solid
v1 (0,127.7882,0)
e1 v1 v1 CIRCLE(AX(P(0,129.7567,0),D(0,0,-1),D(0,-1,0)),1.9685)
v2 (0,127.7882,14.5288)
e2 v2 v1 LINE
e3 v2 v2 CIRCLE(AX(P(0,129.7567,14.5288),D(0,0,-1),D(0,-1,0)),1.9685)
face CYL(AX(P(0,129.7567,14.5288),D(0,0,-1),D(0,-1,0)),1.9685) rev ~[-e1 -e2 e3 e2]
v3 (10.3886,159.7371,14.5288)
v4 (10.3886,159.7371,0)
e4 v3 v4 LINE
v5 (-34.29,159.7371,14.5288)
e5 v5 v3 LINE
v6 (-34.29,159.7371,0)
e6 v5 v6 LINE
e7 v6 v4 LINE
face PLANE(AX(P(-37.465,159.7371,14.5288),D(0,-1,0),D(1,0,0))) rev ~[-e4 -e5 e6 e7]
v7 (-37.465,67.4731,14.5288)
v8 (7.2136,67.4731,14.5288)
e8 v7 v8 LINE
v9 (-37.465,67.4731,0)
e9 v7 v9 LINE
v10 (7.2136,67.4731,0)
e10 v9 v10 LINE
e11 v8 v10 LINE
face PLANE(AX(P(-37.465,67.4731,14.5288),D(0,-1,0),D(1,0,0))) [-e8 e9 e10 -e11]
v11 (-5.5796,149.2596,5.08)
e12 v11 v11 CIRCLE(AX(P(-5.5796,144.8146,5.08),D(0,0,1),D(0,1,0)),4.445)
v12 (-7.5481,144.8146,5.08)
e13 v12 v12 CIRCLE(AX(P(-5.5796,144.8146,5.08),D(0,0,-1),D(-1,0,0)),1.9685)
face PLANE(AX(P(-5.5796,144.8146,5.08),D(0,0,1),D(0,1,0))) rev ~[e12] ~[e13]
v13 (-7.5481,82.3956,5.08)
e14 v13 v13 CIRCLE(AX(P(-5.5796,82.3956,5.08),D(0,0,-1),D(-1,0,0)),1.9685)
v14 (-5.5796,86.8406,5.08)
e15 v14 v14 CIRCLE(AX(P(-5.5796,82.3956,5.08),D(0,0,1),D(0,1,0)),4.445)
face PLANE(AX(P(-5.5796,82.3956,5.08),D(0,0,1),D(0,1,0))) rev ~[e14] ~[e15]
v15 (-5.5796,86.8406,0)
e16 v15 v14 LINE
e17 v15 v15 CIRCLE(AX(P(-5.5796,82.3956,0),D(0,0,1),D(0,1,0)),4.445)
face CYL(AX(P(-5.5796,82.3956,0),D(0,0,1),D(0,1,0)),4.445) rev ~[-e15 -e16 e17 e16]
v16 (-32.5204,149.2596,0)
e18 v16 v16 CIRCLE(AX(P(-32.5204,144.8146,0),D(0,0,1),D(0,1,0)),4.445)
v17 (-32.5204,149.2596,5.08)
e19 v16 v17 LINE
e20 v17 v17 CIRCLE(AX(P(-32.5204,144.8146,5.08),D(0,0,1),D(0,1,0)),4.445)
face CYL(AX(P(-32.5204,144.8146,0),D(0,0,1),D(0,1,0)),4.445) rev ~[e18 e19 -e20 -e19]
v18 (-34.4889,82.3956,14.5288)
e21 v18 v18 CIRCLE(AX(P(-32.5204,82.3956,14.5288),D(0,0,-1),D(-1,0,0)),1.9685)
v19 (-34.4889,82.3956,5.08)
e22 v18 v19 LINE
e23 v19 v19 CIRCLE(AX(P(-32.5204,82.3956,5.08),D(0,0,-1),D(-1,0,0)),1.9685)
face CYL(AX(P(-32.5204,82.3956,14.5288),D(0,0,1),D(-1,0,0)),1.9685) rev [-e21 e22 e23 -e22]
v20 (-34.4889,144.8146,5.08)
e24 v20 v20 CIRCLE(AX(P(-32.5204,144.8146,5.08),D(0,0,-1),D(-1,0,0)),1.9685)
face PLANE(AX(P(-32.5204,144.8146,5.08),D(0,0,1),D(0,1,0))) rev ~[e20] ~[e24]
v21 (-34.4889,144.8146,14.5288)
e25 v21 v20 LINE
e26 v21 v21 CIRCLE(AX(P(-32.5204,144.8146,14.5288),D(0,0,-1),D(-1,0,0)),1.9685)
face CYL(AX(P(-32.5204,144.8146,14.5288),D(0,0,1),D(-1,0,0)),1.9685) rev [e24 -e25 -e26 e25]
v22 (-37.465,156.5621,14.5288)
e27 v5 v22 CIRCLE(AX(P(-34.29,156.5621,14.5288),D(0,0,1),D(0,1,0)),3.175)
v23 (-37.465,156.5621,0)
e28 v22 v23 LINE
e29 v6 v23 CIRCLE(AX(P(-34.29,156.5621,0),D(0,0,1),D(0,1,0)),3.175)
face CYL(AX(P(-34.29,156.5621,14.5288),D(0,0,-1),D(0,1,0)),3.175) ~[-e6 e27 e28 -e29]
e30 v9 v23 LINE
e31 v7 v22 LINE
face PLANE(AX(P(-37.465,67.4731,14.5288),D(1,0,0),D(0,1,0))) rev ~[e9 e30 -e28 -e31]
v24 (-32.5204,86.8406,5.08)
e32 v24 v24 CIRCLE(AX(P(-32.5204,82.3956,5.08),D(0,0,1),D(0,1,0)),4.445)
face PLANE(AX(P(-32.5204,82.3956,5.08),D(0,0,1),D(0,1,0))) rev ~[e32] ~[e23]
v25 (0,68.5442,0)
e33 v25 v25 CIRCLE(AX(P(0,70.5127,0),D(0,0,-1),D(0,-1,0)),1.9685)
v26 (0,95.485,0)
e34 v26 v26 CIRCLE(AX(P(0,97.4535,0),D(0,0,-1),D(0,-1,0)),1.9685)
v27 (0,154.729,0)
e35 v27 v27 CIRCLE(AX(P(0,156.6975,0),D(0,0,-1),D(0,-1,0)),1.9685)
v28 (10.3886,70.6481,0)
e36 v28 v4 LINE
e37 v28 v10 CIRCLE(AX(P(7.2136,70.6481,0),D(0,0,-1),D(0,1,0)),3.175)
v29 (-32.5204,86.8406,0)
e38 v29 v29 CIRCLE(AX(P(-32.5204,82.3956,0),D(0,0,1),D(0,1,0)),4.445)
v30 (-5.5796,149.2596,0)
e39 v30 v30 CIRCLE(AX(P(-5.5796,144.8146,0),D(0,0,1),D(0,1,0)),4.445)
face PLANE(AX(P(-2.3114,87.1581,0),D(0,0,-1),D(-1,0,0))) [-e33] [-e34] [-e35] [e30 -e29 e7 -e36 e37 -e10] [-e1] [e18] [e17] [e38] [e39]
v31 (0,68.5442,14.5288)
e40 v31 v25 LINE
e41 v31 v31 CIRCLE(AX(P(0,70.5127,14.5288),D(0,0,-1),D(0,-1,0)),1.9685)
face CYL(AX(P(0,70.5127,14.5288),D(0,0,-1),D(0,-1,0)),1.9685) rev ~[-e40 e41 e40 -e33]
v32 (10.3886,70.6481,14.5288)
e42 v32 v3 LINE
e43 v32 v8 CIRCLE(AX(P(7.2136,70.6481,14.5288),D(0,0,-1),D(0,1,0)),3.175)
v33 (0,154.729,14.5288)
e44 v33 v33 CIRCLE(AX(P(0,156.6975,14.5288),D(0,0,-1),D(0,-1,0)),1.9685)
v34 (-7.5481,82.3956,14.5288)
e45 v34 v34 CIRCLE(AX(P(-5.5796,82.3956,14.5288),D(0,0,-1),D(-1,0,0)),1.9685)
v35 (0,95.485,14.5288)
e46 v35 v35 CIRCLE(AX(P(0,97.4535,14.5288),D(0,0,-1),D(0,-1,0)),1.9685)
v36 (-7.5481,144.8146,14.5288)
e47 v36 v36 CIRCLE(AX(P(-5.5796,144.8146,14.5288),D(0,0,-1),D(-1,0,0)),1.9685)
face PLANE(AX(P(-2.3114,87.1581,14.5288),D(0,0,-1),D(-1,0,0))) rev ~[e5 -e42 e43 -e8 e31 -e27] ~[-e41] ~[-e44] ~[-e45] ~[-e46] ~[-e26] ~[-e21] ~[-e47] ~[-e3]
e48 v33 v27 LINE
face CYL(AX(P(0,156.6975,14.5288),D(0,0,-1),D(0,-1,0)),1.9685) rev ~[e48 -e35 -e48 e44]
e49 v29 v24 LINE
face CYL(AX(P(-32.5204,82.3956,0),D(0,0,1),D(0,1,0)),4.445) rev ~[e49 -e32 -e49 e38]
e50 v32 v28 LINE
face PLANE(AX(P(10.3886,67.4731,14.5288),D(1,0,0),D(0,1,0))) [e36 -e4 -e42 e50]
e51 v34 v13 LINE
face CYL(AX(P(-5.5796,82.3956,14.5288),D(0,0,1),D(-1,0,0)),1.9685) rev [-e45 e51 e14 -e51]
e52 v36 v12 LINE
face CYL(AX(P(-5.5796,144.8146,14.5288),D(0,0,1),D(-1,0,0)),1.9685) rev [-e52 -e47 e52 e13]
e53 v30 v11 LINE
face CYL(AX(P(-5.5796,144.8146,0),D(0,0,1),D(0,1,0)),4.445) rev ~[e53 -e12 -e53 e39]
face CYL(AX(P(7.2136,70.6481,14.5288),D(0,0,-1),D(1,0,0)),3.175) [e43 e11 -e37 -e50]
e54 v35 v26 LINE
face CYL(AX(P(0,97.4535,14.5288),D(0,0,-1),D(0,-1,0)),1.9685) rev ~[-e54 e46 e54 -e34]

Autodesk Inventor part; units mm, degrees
ref_plane "YZ Plane" through (0, 0, 0) normal (1, 0, 0) x (0, 1, 0)
ref_plane "Work Plane1" through (-2.3114, 87.1581, 14.5288) normal (0, 0, -1) x (-1, 0, 0)
sketch "Sketch1" plane through (-2.3114, 87.1581, 14.5288) normal (0, 0, -1) x (-1, 0, 0)
  line L0 (0, -9.525) -> (33.4772, -9.525) construction
  line L1 (35.1536, 0) -> (35.1536, -9.525) construction
  line L2 (0, 62.419) -> (33.4772, 62.419) construction
  line L3 (-12.7, -19.685) -> (-12.7, 72.579)
  arc A0 (30.0098, 55.9153) -> (28.8277, 56.5778) centre (30.209, 57.6565) ccw construction
  arc A1 (30.0098, -6.5037) -> (28.8277, -5.8412) centre (30.209, -4.7625) ccw construction
  spline S0 degree 3 poles (-36.5707, 76.7108) (-36.5399, 76.774) (-36.5004, 76.8533) (-36.4067, 77.0384) (-36.3532, 77.143) (-36.2191, 77.4029) (-36.1252, 77.5838) (-35.9667, 77.8845) (-35.9172, 77.9778) (-35.7665, 78.2605) (-35.6659, 78.447) (-35.4766, 78.7937) (-35.4006, 78.9307) (-35.2724, 79.1587) (-35.2158, 79.2566) (-35.126, 79.4049) (-35.0957, 79.4501) (-35.0767, 79.4671) (-35.0747, 79.4643) (-35.0811, 79.4361) (-35.0968, 79.3935) (-35.1824, 79.2047) (-35.234, 79.0957) (-35.3802, 78.7956) (-35.4651, 78.6264) (-35.5969, 78.3654) (-35.6729, 78.2163) (-35.8204, 77.9297) (-35.8907, 77.794) (-36.0446, 77.5001) (-36.107, 77.3829) (-36.1471, 77.3082) knots 0.000001 0.000001 0.000001 0.000001 0.04651 0.04651 0.092381 0.092381 0.150569 0.150569 0.176245 0.176245 0.228297 0.228297 0.280311 0.280311 0.337729 0.337729 0.399083 0.399083 0.42945 0.42945 0.476927 0.476927 0.513851 0.513851 0.562369 0.562369 0.621068 0.621068 0.675896 0.675896 0.74783 0.74783 0.74783 0.74783 construction
  spline S1 degree 3 poles (-36.5707, 14.2918) (-36.5399, 14.355) (-36.5004, 14.4343) (-36.4067, 14.6194) (-36.3532, 14.724) (-36.2191, 14.9839) (-36.1252, 15.1648) (-35.9667, 15.4655) (-35.9172, 15.5588) (-35.7665, 15.8415) (-35.6659, 16.028) (-35.4766, 16.3747) (-35.4006, 16.5117) (-35.2724, 16.7397) (-35.2158, 16.8376) (-35.126, 16.9859) (-35.0957, 17.0311) (-35.0767, 17.0481) (-35.0747, 17.0453) (-35.0811, 17.0171) (-35.0968, 16.9745) (-35.1824, 16.7857) (-35.234, 16.6767) (-35.3802, 16.3766) (-35.4651, 16.2074) (-35.5969, 15.9464) (-35.6729, 15.7973) (-35.8204, 15.5107) (-35.8907, 15.375) (-36.0446, 15.0811) (-36.107, 14.9639) (-36.1471, 14.8892) knots 0.000001 0.000001 0.000001 0.000001 0.04651 0.04651 0.092381 0.092381 0.150569 0.150569 0.176245 0.176245 0.228297 0.228297 0.280311 0.280311 0.337729 0.337729 0.399083 0.399083 0.42945 0.42945 0.476927 0.476927 0.513851 0.513851 0.562369 0.562369 0.621068 0.621068 0.675896 0.675896 0.74783 0.74783 0.74783 0.74783 construction
  circle A2 centre (30.209, -4.7625) radius 1.9685
  circle A3 centre (30.209, 57.6565) radius 1.9685
  arc A4 (3.0691, -6.5037) -> (1.8869, -5.8412) centre (3.2682, -4.7625) ccw construction
  arc A5 (3.0691, 55.9153) -> (1.8869, 56.5778) centre (3.2682, 57.6565) ccw construction
  circle A6 centre (3.2682, 57.6565) radius 1.9685
  circle A7 centre (3.2682, -4.7625) radius 1.9685
  line L4 (35.1536, -19.685) -> (-12.7, -19.685)
  line L5 (35.1536, 72.579) -> (-12.7, 72.579)
  line L6 (35.1536, -19.685) -> (35.1536, 72.579)
  point P0 (-2.3114, -87.1581)
  point P1 (-12.7, 62.419)
  dimension "d0" = 3.937
  dimension "d1" = 3.937
  dimension "d4" = 3.937
  dimension "d5" = 3.937
ref_plane "Work Plane2" through (-72.402, 8.8416, 0) normal (0, 0, 1) x (1, 0, 0)
ref_plane "Work Plane3" through (-84.9315, 9.3639, 0) normal (0, 0, 1) x (1, 0, 0)
extrude "Extrusion2" add sketch "Sketch1" along normal up to surface (14.5288 mm away)
sketch "Sketch2" plane through (10.3886, 77.6331, 0) normal (0, 0, -1) x (-1, 0, 0)
  circle A0 centre (42.909, 4.7625) radius 1.9685 projected
  circle A1 centre (42.909, 4.7625) radius 1.9685
  circle A2 centre (42.909, 67.1815) radius 1.9685 projected
  circle A3 centre (42.909, 67.1815) radius 1.9685
  circle A4 centre (15.9682, 4.7625) radius 1.9685 projected
  circle A5 centre (15.9682, 4.7625) radius 1.9685
  circle A6 centre (15.9682, 67.1815) radius 1.9685 projected
  circle A7 centre (15.9682, 67.1815) radius 1.9685
  point P0 (10.3886, -77.6331)
  dimension "d12" = 3.937
  dimension "d13" = 3.937
  dimension "d14" = 3.937
  dimension "d15" = 3.937
hole "Hole1" at (-5.5796, 144.8146, 0) at (-32.5204, 144.8146, 0) at (-32.5204, 82.3956, 0) at (-5.5796, 82.3956, 0) direction (0, 0, 1) diameter 3.937 end through all counterbore diameter 8.89 counterbore depth 5.08
sketch "Sketch3" plane through (-2.3114, 87.1581, 14.5288) normal (0, 0, 1) x (1, 0, 0)
  arc A0 (3.5282, -17.9067) -> (2.2941, -18.3979) centre (2.3114, -16.6454) ccw construction
  arc A1 (3.5282, 9.034) -> (2.2941, 8.5429) centre (2.3114, 10.2954) ccw construction
  arc A2 (3.5282, 41.3373) -> (2.2941, 40.8461) centre (2.3114, 42.5986) ccw construction
  arc A3 (3.5282, 68.278) -> (2.2941, 67.7869) centre (2.3114, 69.5394) ccw construction
  circle A4 centre (2.3114, -16.6454) radius 1.9685
  circle A5 centre (2.3114, 10.2954) radius 1.9685
  circle A6 centre (2.3114, 42.5986) radius 1.9685
  circle A7 centre (2.3114, 69.5394) radius 1.9685
  point P0 (2.3114, -87.1581)
  dimension "d37" = 3.937
  dimension "d38" = 3.937
  dimension "d39" = 3.937
  dimension "d40" = 3.937
hole "Hole2" at (0, 70.5127, 14.5288) at (0, 97.4535, 14.5288) at (0, 129.7567, 14.5288) at (0, 156.6975, 14.5288) direction (0, 0, -1) diameter 3.937 end through all
fillet "Fillet1" radius 3.175 2 edges at (10.3886, 67.4731, 7.2644) (-37.465, 159.7371, 7.2644)
properties part number "RightAngleMotorMountExtensionArm"
